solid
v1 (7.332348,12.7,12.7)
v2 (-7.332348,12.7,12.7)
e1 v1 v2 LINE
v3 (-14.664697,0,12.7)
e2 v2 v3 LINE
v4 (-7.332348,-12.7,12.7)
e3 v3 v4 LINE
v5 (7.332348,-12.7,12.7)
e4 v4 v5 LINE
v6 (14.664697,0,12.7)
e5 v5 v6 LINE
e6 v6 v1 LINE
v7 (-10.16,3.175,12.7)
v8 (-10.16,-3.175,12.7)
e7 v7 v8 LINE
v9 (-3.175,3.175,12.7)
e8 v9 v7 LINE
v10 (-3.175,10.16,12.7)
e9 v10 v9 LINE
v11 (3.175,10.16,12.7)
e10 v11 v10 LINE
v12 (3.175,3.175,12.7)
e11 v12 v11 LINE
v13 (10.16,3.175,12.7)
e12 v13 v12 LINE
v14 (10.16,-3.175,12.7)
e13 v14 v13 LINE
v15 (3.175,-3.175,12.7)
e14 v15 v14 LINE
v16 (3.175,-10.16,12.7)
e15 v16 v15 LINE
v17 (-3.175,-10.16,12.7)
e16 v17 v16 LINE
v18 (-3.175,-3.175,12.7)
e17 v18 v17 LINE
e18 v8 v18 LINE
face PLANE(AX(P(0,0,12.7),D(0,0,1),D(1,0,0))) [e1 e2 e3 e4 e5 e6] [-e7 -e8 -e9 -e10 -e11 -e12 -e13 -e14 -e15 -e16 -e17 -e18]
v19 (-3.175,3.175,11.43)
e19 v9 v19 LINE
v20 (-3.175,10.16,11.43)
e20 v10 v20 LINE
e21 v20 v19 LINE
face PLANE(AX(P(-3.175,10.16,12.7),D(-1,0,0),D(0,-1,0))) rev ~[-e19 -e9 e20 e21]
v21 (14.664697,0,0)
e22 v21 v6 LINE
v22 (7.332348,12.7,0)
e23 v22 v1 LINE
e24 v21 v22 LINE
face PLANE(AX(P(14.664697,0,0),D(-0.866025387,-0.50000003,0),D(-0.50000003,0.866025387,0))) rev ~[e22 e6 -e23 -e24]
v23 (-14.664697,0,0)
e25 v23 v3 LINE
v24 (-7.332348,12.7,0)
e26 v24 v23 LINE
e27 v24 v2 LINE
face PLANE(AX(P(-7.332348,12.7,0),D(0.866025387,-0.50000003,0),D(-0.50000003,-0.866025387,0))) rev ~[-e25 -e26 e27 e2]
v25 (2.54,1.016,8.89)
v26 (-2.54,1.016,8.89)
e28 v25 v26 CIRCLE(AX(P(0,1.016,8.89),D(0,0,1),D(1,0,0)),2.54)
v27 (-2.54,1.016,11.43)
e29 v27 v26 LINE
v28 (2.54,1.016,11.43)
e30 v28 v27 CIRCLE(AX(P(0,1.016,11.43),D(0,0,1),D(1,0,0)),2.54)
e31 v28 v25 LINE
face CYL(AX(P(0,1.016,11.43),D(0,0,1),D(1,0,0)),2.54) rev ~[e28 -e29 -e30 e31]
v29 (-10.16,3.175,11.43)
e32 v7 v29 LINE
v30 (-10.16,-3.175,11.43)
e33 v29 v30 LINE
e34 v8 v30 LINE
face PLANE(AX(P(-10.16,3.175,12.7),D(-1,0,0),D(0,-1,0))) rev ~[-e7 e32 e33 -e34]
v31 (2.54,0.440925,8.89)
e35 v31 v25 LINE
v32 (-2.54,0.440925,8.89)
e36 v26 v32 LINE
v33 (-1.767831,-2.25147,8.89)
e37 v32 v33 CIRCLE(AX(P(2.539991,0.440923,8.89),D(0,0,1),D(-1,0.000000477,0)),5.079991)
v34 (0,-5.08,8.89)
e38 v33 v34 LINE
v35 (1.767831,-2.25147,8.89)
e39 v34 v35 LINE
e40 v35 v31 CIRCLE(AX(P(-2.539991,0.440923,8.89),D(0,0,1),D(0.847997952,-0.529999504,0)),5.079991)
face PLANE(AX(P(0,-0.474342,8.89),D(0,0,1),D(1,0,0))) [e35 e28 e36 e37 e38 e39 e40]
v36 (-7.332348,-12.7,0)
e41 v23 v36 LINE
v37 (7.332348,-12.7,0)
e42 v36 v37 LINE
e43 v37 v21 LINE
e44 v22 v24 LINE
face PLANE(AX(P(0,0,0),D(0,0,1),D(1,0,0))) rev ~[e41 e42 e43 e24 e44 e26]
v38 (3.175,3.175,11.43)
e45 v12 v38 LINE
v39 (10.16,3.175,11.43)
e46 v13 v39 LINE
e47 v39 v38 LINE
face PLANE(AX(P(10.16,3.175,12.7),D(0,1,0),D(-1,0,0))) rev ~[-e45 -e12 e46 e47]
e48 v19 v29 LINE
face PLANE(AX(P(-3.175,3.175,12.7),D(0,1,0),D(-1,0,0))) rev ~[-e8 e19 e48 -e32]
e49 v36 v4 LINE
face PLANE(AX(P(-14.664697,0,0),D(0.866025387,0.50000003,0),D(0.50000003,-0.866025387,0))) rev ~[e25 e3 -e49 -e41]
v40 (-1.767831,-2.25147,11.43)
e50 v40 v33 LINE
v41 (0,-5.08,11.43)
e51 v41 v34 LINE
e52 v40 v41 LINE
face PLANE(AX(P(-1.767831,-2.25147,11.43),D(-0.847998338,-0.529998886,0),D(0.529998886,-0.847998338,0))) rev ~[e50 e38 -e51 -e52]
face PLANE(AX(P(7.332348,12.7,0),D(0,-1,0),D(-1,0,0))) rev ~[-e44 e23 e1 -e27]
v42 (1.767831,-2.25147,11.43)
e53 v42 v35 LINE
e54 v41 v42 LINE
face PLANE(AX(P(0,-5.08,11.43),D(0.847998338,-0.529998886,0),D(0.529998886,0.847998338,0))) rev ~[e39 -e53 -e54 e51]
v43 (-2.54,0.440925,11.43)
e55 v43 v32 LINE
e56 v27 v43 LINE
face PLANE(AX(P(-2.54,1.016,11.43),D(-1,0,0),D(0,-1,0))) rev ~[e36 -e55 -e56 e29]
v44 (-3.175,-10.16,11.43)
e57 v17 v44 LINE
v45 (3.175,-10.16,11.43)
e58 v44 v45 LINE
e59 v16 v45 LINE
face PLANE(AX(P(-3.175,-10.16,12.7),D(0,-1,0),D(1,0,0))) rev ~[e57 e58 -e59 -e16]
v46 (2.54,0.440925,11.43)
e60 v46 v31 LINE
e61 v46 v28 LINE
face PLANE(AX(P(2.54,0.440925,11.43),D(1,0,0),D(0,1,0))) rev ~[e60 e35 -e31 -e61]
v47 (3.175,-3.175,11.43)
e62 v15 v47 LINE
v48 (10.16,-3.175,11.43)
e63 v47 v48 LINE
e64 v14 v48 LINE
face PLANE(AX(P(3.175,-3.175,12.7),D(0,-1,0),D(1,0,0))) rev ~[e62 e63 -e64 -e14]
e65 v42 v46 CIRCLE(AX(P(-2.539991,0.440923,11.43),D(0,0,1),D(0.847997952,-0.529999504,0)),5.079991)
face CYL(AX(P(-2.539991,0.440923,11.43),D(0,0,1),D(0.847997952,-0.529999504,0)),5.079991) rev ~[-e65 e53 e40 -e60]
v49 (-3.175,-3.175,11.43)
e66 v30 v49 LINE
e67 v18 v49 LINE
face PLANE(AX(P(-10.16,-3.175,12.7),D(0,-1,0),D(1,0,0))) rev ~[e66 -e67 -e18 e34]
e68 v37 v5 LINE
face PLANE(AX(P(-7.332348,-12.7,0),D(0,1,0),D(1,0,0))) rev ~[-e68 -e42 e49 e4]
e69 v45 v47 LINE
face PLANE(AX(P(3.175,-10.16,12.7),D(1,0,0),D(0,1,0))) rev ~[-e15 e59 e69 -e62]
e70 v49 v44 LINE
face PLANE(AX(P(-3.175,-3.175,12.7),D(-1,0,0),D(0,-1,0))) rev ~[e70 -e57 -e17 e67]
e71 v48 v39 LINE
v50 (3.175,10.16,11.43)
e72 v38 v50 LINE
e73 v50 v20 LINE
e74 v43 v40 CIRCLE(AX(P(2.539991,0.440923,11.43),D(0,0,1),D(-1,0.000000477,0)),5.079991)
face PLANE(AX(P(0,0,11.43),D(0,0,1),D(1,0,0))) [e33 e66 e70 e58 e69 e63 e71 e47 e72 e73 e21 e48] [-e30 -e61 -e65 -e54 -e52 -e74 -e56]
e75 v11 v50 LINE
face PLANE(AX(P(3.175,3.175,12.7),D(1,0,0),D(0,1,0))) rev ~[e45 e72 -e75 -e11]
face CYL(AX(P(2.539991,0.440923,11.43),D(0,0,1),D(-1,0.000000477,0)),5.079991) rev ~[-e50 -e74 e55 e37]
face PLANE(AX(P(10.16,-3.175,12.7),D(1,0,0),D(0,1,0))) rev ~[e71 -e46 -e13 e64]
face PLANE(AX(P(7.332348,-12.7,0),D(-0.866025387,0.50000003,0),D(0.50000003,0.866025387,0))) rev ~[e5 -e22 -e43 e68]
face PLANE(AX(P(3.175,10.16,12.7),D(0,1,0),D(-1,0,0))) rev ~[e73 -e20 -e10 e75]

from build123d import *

# Parameters (mm, degrees)
F1_DEPTH = 12.7
F3_DEPTH = 1.27
F5_DEPTH = 2.54


with BuildPart() as f1:
    # F0 (on Top) → F1 (new body)
    with BuildSketch(Plane.XY):
        Polygon((14.664697, 0), (7.332348, 12.7), (-7.332348, 12.7), (-14.664697, 0), (-7.332348, -12.7), (7.332348, -12.7), align=None)
    extrude(amount=F1_DEPTH)

    # F2 (on face) → F3 (cut)
    with BuildSketch(Plane.XY.offset(12.7)):
        Polygon((3.175, 10.16), (-3.175, 10.16), (-3.175, 3.175), (-10.16, 3.175), (-10.16, -3.175), (-3.175, -3.175), (-3.175, -10.16), (3.175, -10.16), (3.175, -3.175), (10.16, -3.175), (10.16, 3.175), (3.175, 3.175), align=None)
    extrude(amount=-F3_DEPTH, mode=Mode.SUBTRACT)

    # F4 (on face) → F5 (cut)
    with BuildSketch(Plane.XY.offset(11.43)):
        with BuildLine():
            Line((2.54, 0.440925), (2.54, 1.016))
            ThreePointArc((2.54, 1.016), (0, 3.556), (-2.54, 1.016))
            Line((-2.54, 1.016), (-2.54, 0.440925))
            ThreePointArc((-2.54, 0.440925), (-2.343144, -0.959542), (-1.767831, -2.25147))
            Line((-1.767831, -2.25147), (0, -5.08))
            Line((0, -5.08), (1.767831, -2.25147))
            ThreePointArc((1.767831, -2.25147), (2.343144, -0.959542), (2.54, 0.440925))
        make_face()
    extrude(amount=-F5_DEPTH, mode=Mode.SUBTRACT)


solid = f1.part
